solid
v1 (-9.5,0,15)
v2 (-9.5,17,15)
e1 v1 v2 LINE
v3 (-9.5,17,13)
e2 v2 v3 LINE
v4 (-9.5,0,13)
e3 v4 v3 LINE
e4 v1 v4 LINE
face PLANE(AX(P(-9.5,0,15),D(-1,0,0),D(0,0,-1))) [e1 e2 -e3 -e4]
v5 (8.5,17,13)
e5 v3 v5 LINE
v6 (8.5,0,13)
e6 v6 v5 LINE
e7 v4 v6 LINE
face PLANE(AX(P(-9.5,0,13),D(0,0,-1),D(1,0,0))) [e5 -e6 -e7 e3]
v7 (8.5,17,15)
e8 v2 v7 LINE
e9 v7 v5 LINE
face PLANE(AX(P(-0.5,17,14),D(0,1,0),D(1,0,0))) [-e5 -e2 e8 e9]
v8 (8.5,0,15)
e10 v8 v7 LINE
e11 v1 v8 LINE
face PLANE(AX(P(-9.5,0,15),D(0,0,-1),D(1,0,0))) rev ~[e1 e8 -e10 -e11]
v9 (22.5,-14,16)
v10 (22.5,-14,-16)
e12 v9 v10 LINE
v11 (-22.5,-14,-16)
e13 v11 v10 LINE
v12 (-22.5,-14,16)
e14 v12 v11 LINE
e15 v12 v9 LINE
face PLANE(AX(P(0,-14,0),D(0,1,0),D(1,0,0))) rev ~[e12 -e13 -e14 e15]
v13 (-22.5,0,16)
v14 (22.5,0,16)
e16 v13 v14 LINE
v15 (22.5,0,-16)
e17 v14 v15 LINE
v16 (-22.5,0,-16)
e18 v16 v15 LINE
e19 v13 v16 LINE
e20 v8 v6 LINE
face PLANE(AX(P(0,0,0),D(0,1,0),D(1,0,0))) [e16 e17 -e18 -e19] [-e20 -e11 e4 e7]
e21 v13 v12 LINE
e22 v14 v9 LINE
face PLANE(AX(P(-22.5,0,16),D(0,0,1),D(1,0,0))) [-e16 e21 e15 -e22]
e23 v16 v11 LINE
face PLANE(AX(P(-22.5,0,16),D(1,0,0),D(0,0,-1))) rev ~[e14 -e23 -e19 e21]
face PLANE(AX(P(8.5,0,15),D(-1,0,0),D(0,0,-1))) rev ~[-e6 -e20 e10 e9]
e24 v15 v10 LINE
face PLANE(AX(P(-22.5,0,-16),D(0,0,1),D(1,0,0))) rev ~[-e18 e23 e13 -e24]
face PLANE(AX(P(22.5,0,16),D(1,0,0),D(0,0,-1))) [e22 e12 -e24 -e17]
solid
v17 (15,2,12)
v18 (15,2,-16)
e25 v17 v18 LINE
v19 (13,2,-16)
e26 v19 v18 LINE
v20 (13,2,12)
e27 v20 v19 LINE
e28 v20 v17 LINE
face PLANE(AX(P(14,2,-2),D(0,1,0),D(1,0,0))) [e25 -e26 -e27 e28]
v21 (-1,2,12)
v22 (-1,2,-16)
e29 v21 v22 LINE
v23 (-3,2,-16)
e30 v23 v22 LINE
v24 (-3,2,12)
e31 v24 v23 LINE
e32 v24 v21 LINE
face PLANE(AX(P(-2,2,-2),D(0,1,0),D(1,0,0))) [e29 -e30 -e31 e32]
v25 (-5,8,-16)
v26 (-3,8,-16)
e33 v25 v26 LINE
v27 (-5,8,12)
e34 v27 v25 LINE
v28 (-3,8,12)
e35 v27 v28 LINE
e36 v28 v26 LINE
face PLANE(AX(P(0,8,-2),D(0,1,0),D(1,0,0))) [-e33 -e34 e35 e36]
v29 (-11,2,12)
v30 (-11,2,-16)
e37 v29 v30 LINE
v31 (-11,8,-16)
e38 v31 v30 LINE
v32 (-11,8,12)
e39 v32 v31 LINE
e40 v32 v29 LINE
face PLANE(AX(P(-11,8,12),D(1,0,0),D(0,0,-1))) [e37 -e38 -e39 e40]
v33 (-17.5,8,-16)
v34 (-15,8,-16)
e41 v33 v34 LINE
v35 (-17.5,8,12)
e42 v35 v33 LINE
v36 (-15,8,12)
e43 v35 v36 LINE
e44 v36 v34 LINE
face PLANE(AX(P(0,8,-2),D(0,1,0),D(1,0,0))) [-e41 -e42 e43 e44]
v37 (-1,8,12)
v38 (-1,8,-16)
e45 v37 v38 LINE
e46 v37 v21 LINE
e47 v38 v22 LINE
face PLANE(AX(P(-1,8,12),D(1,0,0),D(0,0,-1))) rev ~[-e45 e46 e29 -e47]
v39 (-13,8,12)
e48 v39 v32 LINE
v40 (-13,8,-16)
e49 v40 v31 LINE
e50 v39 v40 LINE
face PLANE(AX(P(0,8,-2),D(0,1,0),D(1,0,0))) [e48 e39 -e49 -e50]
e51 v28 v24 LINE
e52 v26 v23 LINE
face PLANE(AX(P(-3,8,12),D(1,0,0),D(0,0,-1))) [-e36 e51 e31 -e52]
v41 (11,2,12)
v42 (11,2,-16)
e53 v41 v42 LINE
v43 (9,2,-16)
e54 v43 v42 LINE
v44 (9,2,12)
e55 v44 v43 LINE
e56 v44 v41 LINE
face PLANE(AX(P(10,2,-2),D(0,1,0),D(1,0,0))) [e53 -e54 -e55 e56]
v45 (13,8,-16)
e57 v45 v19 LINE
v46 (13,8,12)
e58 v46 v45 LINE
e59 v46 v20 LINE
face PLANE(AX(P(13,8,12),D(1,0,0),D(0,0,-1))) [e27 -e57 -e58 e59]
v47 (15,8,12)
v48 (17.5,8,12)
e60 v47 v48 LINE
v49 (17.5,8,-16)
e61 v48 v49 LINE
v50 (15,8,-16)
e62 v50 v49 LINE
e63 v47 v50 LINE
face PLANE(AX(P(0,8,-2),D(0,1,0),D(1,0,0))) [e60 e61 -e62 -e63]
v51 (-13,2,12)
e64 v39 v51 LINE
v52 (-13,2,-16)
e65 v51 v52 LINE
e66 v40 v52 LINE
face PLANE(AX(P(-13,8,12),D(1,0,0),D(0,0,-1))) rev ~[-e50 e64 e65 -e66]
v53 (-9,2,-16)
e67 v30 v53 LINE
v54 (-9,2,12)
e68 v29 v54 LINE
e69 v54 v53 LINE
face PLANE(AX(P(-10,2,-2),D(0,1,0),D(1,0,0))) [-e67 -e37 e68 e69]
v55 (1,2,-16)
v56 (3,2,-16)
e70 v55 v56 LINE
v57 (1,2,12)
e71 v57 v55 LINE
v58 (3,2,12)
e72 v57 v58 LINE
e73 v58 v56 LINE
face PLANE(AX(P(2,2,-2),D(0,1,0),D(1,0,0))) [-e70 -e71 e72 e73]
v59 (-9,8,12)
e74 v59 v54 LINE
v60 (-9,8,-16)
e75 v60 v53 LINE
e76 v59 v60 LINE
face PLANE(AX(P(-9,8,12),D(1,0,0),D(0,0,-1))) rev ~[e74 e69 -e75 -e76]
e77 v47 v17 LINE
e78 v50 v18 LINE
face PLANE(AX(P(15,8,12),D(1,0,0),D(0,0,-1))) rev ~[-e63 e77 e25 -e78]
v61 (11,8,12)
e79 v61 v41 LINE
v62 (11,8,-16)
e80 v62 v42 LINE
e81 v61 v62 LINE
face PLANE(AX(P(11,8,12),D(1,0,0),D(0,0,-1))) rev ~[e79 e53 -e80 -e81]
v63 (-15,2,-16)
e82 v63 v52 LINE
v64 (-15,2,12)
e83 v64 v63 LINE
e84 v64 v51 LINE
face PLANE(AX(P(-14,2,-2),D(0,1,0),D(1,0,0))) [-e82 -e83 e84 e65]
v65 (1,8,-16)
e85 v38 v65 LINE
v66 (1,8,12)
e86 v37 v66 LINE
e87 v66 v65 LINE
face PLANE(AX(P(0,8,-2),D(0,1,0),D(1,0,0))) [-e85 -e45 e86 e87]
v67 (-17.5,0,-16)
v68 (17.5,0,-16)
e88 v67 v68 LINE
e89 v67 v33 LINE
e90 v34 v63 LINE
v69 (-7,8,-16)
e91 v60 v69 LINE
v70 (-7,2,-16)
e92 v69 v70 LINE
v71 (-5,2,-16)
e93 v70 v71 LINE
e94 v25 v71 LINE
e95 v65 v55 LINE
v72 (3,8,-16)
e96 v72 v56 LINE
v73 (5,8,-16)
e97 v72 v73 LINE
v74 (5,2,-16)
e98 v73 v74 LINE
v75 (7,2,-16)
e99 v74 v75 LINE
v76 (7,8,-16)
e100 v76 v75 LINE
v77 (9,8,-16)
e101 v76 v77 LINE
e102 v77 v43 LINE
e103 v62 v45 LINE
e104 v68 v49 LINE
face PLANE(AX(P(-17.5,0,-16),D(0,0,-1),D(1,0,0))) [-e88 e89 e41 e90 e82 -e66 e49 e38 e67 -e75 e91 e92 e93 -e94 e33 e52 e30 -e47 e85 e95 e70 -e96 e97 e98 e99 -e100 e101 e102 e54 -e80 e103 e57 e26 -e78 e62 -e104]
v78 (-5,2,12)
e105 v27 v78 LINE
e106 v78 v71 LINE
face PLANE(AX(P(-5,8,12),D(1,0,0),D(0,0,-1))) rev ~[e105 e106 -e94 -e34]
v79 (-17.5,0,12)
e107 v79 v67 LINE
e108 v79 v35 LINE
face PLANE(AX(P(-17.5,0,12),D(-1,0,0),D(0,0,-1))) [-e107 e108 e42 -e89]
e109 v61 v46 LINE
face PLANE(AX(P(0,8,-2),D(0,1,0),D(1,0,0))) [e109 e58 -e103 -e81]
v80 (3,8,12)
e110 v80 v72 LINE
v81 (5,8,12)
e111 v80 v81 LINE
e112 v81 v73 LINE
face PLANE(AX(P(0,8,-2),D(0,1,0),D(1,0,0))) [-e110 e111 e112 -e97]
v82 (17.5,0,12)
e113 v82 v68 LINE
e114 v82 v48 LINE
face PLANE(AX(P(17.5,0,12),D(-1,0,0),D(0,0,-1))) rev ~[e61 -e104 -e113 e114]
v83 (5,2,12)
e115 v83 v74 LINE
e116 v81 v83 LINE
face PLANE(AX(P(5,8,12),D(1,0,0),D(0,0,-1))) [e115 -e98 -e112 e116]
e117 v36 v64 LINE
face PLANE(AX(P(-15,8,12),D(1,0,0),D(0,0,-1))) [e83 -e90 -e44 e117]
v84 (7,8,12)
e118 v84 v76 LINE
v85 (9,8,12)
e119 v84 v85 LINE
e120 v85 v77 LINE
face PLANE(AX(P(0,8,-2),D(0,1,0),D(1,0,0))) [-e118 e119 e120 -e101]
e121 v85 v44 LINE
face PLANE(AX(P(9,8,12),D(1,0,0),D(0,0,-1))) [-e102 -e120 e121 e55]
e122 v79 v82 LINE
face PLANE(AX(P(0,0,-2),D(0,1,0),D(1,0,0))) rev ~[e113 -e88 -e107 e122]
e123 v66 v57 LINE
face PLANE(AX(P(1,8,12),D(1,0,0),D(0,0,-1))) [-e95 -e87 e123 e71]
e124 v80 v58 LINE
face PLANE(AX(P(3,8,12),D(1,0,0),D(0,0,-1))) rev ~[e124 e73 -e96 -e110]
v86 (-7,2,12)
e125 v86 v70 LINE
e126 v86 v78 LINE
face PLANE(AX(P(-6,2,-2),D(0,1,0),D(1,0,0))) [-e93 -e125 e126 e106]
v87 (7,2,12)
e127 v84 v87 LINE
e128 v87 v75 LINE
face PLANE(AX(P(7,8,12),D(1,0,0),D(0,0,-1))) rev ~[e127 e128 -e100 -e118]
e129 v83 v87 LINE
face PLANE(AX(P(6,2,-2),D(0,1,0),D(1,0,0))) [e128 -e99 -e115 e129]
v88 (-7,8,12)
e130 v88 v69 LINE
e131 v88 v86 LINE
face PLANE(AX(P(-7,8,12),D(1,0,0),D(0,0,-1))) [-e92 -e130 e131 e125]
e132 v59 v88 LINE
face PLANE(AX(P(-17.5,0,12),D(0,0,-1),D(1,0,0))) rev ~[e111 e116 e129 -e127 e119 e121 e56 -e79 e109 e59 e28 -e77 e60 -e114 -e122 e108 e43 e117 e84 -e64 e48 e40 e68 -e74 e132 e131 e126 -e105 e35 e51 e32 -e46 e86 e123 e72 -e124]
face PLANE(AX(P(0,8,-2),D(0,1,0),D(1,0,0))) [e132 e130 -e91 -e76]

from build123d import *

# Parameters (mm, degrees)
SKETCH1_W           = 45
SKETCH1_H           = 32
BOSS_EXTRUDE1_DEPTH = 14
SKETCH5_W           = 35
SKETCH5_H           = 28
BOSS_EXTRUDE2_DEPTH = 8
SKETCH8_W           = 2
SKETCH8_H           = 28
CUT_EXTRUDE2_DEPTH  = 6
LPATTERN3_COUNT     = 8
LPATTERN3_PITCH     = 4
SKETCH9_W           = 18
SKETCH9_H           = 2
BOSS_EXTRUDE3_DEPTH = 17


with BuildPart() as part:
    # Sketch1 → Boss-Extrude1 (new body)
    with BuildSketch(Plane(origin=(0, 0, 0), x_dir=(1, 0, 0), z_dir=(0, 1, 0))):
        Rectangle(SKETCH1_W, SKETCH1_H)
    extrude(amount=-BOSS_EXTRUDE1_DEPTH)

    # Sketch9 → Boss-Extrude3 (add)
    with BuildSketch(Plane(origin=(0, 0, 0), x_dir=(1, 0, 0), z_dir=(0, 1, 0))):
        with Locations((-0.5, -14)):
            Rectangle(SKETCH9_W, SKETCH9_H)
    extrude(amount=BOSS_EXTRUDE3_DEPTH)


with BuildPart() as body_2:
    # Sketch5 → Boss-Extrude2 (new body)
    with BuildSketch(Plane(origin=(0, 0, 0), x_dir=(1, 0, 0), z_dir=(0, 1, 0))):
        with Locations((0, 2)):
            Rectangle(SKETCH5_W, SKETCH5_H)
    extrude(amount=BOSS_EXTRUDE2_DEPTH)

    # Sketch8 → Cut-Extrude2 (cut)
    with BuildSketch(Plane(origin=(0, 8, 0), x_dir=(1, 0, 0), z_dir=(0, 1, 0))):
        with Locations((-14, 2)):
            Rectangle(SKETCH8_W, SKETCH8_H)
    cut_extrude2 = extrude(amount=-CUT_EXTRUDE2_DEPTH, mode=Mode.SUBTRACT)

    # LPattern3: Cut-Extrude2 ×8
    with Locations(*[(i * LPATTERN3_PITCH, 0, 0) for i in range(1, LPATTERN3_COUNT)]):
        add(cut_extrude2, mode=Mode.SUBTRACT)


solid = Compound([part.part, body_2.part])
